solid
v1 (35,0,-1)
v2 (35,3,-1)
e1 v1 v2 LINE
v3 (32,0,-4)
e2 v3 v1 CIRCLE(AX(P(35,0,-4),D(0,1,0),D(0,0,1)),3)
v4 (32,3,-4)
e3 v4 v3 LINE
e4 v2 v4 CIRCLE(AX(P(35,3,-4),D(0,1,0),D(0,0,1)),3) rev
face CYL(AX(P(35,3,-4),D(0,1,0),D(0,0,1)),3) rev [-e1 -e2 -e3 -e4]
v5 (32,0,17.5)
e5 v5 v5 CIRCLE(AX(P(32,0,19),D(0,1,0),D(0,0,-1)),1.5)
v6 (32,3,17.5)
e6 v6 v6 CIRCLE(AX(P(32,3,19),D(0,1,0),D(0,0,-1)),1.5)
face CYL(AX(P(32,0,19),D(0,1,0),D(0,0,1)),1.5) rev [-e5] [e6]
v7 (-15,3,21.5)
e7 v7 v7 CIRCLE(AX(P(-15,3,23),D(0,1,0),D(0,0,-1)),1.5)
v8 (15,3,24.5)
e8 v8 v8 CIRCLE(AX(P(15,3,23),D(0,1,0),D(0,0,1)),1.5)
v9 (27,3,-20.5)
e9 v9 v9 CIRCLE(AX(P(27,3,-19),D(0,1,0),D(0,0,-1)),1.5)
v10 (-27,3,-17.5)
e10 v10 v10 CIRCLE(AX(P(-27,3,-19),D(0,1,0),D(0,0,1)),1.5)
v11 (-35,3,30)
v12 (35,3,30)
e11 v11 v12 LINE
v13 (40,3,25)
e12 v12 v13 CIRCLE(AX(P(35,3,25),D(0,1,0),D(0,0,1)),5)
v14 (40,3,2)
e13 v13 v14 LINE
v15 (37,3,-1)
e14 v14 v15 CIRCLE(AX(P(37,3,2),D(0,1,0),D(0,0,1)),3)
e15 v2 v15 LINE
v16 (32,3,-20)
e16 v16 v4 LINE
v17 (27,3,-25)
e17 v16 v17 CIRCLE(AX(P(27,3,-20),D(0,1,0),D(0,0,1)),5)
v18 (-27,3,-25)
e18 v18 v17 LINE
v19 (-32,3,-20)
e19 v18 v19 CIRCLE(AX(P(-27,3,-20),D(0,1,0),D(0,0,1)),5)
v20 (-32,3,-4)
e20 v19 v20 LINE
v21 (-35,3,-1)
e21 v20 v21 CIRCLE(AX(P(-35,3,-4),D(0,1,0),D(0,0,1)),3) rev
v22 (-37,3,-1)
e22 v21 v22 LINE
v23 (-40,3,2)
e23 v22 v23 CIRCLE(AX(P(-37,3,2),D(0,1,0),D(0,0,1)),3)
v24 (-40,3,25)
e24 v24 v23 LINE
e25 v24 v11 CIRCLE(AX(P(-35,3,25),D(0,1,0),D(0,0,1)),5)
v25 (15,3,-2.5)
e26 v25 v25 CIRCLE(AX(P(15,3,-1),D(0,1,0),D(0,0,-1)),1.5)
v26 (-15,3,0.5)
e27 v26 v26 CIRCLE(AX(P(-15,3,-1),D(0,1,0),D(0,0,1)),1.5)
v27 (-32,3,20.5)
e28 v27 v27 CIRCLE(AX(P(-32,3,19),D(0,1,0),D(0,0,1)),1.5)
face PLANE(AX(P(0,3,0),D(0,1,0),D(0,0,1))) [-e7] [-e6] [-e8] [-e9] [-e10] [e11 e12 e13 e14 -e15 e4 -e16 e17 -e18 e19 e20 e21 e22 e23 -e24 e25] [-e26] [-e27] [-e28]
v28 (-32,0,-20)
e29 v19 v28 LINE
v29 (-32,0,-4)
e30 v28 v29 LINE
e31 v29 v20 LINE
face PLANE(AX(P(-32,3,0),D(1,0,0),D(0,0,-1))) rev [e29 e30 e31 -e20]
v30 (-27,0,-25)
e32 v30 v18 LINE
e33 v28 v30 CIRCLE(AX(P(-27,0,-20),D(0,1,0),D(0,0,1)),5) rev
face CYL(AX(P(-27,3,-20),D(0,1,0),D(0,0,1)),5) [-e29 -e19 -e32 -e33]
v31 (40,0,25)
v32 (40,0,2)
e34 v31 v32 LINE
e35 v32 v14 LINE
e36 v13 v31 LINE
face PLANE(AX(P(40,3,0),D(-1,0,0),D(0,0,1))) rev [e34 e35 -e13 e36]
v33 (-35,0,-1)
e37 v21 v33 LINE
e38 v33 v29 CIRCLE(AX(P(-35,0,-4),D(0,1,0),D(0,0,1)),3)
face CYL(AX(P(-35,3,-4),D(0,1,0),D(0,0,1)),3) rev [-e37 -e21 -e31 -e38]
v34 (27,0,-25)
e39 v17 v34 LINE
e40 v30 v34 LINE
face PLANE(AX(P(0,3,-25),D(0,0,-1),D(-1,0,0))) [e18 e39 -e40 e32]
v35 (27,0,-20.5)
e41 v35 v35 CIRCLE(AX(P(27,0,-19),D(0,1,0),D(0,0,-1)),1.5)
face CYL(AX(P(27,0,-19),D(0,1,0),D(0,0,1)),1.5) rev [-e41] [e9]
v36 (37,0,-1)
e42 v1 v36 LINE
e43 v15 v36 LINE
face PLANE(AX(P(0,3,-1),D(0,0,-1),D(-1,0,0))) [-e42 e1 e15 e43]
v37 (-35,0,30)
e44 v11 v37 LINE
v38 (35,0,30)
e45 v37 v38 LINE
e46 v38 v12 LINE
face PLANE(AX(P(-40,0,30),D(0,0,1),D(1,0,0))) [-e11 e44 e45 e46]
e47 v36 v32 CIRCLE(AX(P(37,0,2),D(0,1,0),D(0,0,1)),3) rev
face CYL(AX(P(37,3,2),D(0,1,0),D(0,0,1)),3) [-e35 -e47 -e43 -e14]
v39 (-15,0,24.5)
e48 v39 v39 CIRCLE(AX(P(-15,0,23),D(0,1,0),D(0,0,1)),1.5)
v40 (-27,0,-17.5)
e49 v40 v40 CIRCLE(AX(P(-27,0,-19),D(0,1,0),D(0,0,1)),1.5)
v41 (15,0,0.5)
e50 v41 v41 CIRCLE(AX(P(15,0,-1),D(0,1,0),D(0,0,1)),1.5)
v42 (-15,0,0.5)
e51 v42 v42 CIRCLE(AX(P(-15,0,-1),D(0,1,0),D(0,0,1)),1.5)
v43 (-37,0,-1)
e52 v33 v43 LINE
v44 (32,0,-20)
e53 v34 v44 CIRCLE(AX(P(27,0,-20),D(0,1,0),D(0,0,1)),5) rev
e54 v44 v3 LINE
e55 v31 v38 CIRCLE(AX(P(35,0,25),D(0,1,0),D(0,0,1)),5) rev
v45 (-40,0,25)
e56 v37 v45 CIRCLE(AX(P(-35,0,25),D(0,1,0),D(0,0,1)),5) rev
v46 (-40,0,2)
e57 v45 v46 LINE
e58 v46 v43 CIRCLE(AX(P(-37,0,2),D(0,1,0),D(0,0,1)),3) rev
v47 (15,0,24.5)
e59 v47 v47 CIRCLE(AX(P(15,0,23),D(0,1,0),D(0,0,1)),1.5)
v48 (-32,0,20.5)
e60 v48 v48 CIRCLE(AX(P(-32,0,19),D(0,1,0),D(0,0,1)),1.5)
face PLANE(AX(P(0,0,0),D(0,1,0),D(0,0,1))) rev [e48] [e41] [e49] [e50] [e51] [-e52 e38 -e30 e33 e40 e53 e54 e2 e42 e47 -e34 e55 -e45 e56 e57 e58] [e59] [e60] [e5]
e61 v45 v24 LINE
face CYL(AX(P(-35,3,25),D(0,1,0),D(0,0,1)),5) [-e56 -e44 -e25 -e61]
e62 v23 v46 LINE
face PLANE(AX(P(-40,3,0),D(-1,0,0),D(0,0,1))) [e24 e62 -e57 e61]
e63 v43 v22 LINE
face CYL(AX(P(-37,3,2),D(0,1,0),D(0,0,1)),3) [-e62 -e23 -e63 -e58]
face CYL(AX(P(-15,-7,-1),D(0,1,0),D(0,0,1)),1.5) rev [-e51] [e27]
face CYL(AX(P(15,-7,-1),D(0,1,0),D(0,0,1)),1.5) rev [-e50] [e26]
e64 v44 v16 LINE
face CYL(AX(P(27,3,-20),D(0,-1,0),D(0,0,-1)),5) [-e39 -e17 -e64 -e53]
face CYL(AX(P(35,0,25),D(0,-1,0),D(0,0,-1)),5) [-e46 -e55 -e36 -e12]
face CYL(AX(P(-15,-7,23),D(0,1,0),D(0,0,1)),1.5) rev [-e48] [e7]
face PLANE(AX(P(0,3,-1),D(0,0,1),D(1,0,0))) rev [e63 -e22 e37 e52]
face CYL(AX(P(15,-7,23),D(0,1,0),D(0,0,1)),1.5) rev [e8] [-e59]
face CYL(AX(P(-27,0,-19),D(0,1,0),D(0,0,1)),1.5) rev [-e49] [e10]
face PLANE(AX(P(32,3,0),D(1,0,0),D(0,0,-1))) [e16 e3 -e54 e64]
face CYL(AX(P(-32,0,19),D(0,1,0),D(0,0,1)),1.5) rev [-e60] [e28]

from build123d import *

# Parameters (mm, degrees)
EXTRUDE_1_DEPTH     = 3
SKETCH_2_R          = 1.5
CUT_EXTRUDE_1_DEPTH = 3
FILLET_1_R          = 3
SKETCH_3_R          = 1.5
CUT_EXTRUDE_2_DEPTH = 10
SKETCH_4_W          = 80
SKETCH_4_H          = 5
EXTRUDE_2_DEPTH     = 3
FILLET_2_R          = 5


with BuildPart() as part:
    # 草图1 → 凸台-拉伸1 (new body)
    with BuildSketch(Plane(origin=(0, 0, 0), x_dir=(1, 0, 0), z_dir=(0, 1, 0))):
        Polygon((-40, 1), (-40, -25), (40, -25), (40, 1), (32, 1), (32, 25), (-32, 25), (-32, 1), align=None)
    extrude(amount=EXTRUDE_1_DEPTH)

    # 草图2 → 切除-拉伸1 (cut)
    with BuildSketch(Plane(origin=(0, 3, 0), x_dir=(1, 0, 0), z_dir=(0, 1, 0))):
        with Locations(Location((-32, -19, 0), (0, 0, 270))):
            Circle(SKETCH_2_R)
        with Locations(Location((32, -19, 0), (0, 0, 90))):
            Circle(SKETCH_2_R)
        with Locations(Location((-27, 19, 0), (0, 0, 270))):
            Circle(SKETCH_2_R)
        with Locations(Location((27, 19, 0), (0, 0, 90))):
            Circle(SKETCH_2_R)
    extrude(amount=-CUT_EXTRUDE_1_DEPTH, mode=Mode.SUBTRACT)

    # 圆角1
    fillet_1_edges = [part.edges().sort_by_distance(p)[0] for p in [
        (32, 1.5, -1),
        (40, 1.5, -1),
        (-40, 1.5, -1),
        (-32, 1.5, -1),
    ]]
    fillet(fillet_1_edges, radius=FILLET_1_R)

    # 草图3 → 切除-拉伸2 (cut)
    with BuildSketch(Plane(origin=(0, 3, 0), x_dir=(1, 0, 0), z_dir=(0, 1, 0))):
        with Locations(Location((-15, 1, 0), (0, 0, 270))):
            Circle(SKETCH_3_R)
        with Locations(Location((-15, -23, 0), (0, 0, 270))):
            Circle(SKETCH_3_R)
        with Locations(Location((15, -23, 0), (0, 0, 270))):
            Circle(SKETCH_3_R)
        with Locations(Location((15, 1, 0), (0, 0, 270))):
            Circle(SKETCH_3_R)
    extrude(amount=-CUT_EXTRUDE_2_DEPTH, mode=Mode.SUBTRACT)

    # 草图4 → 凸台-拉伸2 (add)
    with BuildSketch(Plane(origin=(0, 3, 0), x_dir=(1, 0, 0), z_dir=(0, 1, 0))):
        with Locations((0, -27.5)):
            Rectangle(SKETCH_4_W, SKETCH_4_H)
    extrude(amount=-EXTRUDE_2_DEPTH)

    # 圆角2
    fillet_2_edges = [part.edges().sort_by_distance(p)[0] for p in [
        (-32, 1.5, -25),
        (32, 1.5, -25),
        (40, 1.5, 30),
        (-40, 1.5, 30),
    ]]
    fillet(fillet_2_edges, radius=FILLET_2_R)


solid = part.part
